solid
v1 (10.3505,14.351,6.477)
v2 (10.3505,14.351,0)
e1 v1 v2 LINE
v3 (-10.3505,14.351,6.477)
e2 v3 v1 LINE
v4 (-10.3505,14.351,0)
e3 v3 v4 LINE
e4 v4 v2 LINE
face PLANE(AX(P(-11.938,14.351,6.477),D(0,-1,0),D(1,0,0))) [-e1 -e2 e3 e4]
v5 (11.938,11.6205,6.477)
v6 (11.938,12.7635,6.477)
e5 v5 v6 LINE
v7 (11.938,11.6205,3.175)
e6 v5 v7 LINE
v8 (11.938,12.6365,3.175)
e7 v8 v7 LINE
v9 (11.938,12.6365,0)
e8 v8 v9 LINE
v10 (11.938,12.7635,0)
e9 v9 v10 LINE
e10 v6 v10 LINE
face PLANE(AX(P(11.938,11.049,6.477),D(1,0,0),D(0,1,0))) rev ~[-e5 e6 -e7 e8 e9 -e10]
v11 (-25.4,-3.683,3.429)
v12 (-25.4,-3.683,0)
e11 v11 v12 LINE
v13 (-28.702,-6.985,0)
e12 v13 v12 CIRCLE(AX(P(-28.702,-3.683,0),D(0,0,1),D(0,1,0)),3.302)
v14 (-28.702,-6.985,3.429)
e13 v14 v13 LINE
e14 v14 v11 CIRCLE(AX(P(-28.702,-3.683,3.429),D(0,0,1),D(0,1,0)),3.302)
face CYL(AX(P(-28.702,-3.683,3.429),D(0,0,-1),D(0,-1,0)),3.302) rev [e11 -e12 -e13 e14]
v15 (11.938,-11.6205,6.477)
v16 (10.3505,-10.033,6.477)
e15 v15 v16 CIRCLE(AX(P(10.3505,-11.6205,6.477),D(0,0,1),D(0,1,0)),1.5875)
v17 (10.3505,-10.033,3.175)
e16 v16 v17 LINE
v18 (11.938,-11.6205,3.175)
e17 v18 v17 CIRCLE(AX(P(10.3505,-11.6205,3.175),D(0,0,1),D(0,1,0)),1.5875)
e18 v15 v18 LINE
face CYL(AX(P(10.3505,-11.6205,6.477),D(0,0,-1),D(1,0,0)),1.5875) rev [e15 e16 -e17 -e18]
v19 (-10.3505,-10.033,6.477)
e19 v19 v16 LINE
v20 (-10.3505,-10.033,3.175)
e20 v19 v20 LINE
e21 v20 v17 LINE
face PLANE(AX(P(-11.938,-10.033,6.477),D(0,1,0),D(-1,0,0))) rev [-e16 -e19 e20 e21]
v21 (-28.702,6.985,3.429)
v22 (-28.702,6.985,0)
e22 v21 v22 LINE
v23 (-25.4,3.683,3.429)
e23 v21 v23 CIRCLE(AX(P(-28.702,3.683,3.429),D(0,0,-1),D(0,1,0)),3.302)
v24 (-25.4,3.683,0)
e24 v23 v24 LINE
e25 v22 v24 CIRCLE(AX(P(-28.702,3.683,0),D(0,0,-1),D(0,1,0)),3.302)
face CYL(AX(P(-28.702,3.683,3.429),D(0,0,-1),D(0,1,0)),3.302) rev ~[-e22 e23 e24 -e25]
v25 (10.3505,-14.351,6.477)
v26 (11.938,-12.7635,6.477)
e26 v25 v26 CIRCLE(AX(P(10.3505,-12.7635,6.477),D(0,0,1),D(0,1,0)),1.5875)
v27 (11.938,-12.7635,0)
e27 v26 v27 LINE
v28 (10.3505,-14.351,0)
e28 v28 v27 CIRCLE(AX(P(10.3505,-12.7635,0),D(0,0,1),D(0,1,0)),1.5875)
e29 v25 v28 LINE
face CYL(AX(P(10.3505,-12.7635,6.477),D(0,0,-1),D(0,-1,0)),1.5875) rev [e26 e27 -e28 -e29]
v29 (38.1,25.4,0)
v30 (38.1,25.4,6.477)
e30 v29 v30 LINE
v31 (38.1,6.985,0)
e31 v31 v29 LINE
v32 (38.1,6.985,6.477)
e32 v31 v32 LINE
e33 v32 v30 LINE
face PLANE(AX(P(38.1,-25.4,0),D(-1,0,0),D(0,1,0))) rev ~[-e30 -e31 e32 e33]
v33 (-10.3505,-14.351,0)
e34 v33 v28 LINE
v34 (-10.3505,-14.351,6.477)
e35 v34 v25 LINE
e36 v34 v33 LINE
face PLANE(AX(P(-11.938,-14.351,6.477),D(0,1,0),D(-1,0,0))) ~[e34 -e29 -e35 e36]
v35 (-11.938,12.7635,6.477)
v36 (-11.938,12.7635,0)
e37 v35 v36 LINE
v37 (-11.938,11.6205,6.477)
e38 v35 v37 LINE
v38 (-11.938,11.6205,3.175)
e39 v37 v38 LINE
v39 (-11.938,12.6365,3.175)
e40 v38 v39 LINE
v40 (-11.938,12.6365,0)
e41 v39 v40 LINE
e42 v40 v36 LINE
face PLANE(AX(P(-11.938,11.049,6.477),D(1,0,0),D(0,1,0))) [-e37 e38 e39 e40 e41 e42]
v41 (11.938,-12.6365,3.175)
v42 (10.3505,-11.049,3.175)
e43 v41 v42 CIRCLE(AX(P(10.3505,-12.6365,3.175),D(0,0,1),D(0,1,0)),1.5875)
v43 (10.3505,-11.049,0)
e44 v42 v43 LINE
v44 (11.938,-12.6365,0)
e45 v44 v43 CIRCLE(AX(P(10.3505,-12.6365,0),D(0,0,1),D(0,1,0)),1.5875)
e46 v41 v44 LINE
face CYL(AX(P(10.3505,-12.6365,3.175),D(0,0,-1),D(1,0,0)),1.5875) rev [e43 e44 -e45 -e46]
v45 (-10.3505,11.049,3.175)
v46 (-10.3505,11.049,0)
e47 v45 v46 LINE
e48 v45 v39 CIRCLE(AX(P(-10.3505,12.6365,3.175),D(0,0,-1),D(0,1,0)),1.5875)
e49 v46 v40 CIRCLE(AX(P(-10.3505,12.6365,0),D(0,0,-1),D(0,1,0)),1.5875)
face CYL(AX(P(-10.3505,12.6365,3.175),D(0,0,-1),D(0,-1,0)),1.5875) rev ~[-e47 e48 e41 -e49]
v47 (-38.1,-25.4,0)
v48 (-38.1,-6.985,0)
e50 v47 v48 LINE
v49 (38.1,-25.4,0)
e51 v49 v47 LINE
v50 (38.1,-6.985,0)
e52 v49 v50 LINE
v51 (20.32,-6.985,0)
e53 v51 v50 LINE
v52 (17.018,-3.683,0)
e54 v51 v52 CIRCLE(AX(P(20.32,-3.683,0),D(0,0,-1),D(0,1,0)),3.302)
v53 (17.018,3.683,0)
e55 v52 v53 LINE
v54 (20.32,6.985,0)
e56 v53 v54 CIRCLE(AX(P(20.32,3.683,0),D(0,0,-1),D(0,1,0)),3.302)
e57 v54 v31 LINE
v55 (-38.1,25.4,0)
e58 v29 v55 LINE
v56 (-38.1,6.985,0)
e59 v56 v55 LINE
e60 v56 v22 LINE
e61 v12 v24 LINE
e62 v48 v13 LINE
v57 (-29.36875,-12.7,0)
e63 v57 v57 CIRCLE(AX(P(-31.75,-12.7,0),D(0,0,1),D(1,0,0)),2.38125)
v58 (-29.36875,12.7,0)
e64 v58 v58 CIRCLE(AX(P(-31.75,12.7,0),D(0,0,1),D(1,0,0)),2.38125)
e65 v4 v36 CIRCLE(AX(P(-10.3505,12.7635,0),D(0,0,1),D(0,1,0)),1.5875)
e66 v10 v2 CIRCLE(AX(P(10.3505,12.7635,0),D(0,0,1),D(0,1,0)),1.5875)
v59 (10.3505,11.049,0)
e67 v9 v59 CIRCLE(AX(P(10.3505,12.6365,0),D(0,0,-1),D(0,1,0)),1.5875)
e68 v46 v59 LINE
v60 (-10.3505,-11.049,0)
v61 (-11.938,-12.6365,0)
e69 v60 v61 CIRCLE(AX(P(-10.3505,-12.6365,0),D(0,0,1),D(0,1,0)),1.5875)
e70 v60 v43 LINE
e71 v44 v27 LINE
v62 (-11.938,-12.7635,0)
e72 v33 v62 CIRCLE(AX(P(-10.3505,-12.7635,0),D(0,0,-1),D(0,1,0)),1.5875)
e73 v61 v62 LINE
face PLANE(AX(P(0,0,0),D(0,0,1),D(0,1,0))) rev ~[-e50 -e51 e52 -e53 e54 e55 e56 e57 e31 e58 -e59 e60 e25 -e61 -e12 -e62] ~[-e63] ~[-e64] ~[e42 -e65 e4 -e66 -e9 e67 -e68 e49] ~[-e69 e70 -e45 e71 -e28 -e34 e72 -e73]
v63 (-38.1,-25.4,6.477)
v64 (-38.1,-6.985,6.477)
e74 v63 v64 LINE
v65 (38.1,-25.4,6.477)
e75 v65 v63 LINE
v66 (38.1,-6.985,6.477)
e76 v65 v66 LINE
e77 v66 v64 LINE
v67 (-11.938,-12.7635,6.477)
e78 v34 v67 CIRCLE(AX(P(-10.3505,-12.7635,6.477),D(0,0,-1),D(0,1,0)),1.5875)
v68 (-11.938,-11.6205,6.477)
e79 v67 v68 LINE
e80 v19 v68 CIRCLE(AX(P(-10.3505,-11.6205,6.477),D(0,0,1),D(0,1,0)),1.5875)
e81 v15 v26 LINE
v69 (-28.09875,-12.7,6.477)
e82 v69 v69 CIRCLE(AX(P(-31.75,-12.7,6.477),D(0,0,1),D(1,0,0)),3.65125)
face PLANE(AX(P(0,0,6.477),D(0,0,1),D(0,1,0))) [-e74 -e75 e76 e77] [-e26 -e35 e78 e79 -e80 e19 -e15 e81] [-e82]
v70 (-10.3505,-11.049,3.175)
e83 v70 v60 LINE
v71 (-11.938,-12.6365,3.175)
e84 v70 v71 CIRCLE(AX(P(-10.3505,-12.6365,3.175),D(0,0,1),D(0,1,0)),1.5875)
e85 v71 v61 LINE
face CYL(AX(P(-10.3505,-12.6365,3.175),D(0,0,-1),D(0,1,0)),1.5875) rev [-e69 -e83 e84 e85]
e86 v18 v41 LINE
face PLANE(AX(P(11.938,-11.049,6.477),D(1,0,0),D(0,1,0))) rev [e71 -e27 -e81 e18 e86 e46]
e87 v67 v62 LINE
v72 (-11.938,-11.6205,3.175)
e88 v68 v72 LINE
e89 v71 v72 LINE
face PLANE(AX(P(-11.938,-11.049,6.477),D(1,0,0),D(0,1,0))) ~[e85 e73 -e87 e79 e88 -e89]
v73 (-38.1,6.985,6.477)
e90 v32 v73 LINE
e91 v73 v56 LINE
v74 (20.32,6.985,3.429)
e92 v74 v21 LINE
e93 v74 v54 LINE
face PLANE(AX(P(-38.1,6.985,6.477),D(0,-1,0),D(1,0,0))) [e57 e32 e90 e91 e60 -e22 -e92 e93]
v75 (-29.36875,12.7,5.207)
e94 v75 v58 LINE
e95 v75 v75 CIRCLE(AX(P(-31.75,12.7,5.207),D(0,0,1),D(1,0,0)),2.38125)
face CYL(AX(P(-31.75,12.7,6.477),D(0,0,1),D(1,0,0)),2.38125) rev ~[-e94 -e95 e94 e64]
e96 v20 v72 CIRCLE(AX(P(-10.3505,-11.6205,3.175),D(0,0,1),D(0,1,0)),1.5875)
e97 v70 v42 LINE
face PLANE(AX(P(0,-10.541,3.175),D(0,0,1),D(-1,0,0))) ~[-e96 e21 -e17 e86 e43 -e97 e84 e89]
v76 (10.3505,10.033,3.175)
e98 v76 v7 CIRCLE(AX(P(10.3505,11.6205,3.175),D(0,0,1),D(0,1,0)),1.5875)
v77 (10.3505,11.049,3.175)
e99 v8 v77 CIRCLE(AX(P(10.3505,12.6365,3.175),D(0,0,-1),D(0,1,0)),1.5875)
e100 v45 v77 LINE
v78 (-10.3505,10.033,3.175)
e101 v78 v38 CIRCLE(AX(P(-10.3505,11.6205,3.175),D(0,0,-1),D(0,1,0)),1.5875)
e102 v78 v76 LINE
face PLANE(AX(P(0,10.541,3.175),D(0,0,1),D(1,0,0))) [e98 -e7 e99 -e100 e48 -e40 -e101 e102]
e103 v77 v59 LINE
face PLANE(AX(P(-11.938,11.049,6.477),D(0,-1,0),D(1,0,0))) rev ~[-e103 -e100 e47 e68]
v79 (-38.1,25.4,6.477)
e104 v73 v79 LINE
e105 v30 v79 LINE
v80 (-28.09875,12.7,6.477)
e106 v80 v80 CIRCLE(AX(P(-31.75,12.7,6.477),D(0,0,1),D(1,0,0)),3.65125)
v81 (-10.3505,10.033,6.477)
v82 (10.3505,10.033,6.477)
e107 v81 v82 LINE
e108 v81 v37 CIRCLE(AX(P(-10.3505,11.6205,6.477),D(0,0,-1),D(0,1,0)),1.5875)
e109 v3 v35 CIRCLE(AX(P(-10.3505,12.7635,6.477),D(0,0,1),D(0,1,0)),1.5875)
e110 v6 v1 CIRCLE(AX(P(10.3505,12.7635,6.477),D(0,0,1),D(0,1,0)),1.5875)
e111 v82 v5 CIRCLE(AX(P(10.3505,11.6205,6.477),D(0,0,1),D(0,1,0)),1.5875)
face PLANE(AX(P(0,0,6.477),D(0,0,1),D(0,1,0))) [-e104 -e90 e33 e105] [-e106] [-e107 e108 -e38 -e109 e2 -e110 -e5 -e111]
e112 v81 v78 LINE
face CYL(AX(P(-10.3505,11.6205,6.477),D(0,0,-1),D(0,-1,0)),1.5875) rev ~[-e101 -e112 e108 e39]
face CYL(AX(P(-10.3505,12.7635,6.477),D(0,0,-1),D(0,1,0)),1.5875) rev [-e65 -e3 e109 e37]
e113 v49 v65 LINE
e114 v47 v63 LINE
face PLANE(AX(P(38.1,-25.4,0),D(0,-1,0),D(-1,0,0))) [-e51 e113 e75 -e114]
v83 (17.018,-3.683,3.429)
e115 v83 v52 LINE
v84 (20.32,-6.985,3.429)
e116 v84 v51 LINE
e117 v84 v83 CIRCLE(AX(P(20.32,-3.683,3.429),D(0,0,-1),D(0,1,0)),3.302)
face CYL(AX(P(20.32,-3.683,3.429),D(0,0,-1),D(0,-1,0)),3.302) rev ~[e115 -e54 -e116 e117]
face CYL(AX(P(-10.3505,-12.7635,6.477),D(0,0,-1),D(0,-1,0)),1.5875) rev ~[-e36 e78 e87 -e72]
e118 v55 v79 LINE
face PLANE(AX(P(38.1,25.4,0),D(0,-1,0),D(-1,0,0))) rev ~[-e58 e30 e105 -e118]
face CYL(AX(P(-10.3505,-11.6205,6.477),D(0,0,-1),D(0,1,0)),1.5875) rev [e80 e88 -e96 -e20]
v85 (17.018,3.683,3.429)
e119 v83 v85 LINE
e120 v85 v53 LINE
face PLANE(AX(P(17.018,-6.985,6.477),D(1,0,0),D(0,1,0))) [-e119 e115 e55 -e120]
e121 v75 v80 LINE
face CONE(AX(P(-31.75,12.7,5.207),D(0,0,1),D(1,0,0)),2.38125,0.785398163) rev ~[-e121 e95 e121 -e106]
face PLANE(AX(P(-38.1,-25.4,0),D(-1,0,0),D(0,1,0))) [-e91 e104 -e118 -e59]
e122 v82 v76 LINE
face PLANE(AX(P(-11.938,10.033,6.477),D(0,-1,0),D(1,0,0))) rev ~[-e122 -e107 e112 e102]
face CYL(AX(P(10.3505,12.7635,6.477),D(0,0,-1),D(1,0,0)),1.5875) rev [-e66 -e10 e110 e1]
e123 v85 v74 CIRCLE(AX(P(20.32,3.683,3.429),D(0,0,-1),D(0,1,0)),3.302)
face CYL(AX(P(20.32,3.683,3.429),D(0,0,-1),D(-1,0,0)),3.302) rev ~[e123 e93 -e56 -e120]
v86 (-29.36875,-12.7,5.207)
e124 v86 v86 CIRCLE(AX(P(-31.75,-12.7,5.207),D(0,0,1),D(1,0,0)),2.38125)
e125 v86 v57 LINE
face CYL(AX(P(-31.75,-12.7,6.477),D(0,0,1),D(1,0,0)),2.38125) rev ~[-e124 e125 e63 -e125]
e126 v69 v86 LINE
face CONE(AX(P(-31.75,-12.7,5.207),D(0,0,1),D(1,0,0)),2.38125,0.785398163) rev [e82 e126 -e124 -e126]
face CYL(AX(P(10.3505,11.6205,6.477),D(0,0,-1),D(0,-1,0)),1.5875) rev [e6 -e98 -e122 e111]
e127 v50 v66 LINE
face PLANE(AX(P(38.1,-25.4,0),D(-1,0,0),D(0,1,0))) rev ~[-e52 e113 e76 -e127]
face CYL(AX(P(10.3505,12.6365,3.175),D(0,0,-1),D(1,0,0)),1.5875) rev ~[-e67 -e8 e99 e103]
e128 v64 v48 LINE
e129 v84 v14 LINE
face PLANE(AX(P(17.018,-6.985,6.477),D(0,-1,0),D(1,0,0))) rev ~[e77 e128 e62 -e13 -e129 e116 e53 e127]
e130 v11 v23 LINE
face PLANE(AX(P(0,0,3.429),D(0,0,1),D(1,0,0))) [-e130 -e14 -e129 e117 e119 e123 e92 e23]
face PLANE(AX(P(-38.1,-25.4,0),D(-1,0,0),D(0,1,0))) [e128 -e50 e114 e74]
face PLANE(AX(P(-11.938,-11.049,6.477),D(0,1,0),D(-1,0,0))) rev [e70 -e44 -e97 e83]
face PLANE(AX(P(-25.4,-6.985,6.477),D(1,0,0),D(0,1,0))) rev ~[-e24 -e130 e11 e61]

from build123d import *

# Parameters (mm, degrees)
SKETCH1_W           = 50.8
SKETCH1_H           = 76.2
BOSS_EXTRUDE1_DEPTH = 6.477
SKETCH3_W           = 76.2
SKETCH3_H           = 13.97
CUT_EXTRUDE2_DEPTH  = 3.048
SKETCH2_R           = 2.38125
SKETCH2_W           = 12.7
SKETCH2_H           = 13.97
SKETCH2_W_2         = 21.082
CUT_EXTRUDE1_DEPTH  = 47.24631368
FILLET1_R           = 3.302
SKETCH5_W           = 23.876
SKETCH5_H           = 3.302
CUT_EXTRUDE3_DEPTH  = 47.24631368
SKETCH6_W           = 23.876
SKETCH6_H           = 1.016
CUT_EXTRUDE4_DEPTH  = 3.302
FILLET4_R           = 1.5875
FILLET5_R           = 1.5875
CHAMFER1_SIZE       = 1.27


with BuildPart() as part:
    # Sketch1 → Boss-Extrude1 (new body)
    with BuildSketch(Plane(origin=(0, 0, 0), x_dir=(0, 1, 0), z_dir=(0, 0, 1))):
        Rectangle(SKETCH1_W, SKETCH1_H)
    extrude(amount=BOSS_EXTRUDE1_DEPTH)

    # Sketch3 → Cut-Extrude2 (cut)
    with BuildSketch(Plane.XY.offset(6.477)):
        Rectangle(SKETCH3_W, SKETCH3_H)
    extrude(amount=-CUT_EXTRUDE2_DEPTH, mode=Mode.SUBTRACT)

    # Sketch2 → Cut-Extrude1 (cut, through all)
    with BuildSketch(Plane.XY.offset(6.477)):
        with Locations((-31.75, 12.7)):
            Circle(SKETCH2_R)
        with Locations((-31.75, -12.7)):
            Circle(SKETCH2_R)
        with Locations((-31.75, 0)):
            Rectangle(SKETCH2_W, SKETCH2_H)
        with Locations((27.559, 0)):
            Rectangle(SKETCH2_W_2, SKETCH2_H)
    extrude(amount=-CUT_EXTRUDE1_DEPTH, mode=Mode.SUBTRACT)

    # Fillet1
    fillet1_edges = [part.edges().sort_by_distance(p)[0] for p in [
        (-25.4, 6.985, 1.7145),
        (-25.4, -6.985, 1.7145),
        (17.018, 6.985, 1.7145),
        (17.018, -6.985, 1.7145),
    ]]
    fillet(fillet1_edges, radius=FILLET1_R)

    # Sketch5 → Cut-Extrude3 (cut, through all)
    with BuildSketch(Plane.XY.offset(6.477)):
        with Locations((0, 12.7)):
            Rectangle(SKETCH5_W, SKETCH5_H)
    cut_extrude3 = extrude(amount=-CUT_EXTRUDE3_DEPTH, mode=Mode.SUBTRACT)

    # Sketch6 → Cut-Extrude4 (cut)
    with BuildSketch(Plane.XY.offset(6.477)):
        with Locations((0, 10.541)):
            Rectangle(SKETCH6_W, SKETCH6_H)
    cut_extrude4 = extrude(amount=-CUT_EXTRUDE4_DEPTH, mode=Mode.SUBTRACT)

    # Mirror1: Cut-Extrude3, Cut-Extrude4 across plane
    add(cut_extrude3.mirror(Plane.ZX), mode=Mode.SUBTRACT)
    add(cut_extrude4.mirror(Plane.ZX), mode=Mode.SUBTRACT)

    # Fillet4
    fillet4_edges = [part.edges().sort_by_distance(p)[0] for p in [
        (11.938, 14.351, 3.2385),
        (11.938, 11.049, 1.5875),
        (-11.938, 11.049, 1.5875),
        (-11.938, 14.351, 3.2385),
        (11.938, -11.049, 1.5875),
        (11.938, -14.351, 3.2385),
        (-11.938, -14.351, 3.2385),
        (-11.938, -11.049, 1.5875),
    ]]
    fillet(fillet4_edges, radius=FILLET4_R)

    # Fillet5
    fillet5_edges = [part.edges().sort_by_distance(p)[0] for p in [
        (-11.938, 10.033, 4.826),
        (11.938, 10.033, 4.826),
        (-11.938, -10.033, 4.826),
        (11.938, -10.033, 4.826),
    ]]
    fillet(fillet5_edges, radius=FILLET5_R)

    # Chamfer1
    chamfer1_edges = [part.edges().sort_by_distance(p)[0] for p in [
        (-34.13125, 12.7, 6.477),
        (-34.13125, -12.7, 6.477),
    ]]
    chamfer(chamfer1_edges, length=CHAMFER1_SIZE)


solid = part.part
